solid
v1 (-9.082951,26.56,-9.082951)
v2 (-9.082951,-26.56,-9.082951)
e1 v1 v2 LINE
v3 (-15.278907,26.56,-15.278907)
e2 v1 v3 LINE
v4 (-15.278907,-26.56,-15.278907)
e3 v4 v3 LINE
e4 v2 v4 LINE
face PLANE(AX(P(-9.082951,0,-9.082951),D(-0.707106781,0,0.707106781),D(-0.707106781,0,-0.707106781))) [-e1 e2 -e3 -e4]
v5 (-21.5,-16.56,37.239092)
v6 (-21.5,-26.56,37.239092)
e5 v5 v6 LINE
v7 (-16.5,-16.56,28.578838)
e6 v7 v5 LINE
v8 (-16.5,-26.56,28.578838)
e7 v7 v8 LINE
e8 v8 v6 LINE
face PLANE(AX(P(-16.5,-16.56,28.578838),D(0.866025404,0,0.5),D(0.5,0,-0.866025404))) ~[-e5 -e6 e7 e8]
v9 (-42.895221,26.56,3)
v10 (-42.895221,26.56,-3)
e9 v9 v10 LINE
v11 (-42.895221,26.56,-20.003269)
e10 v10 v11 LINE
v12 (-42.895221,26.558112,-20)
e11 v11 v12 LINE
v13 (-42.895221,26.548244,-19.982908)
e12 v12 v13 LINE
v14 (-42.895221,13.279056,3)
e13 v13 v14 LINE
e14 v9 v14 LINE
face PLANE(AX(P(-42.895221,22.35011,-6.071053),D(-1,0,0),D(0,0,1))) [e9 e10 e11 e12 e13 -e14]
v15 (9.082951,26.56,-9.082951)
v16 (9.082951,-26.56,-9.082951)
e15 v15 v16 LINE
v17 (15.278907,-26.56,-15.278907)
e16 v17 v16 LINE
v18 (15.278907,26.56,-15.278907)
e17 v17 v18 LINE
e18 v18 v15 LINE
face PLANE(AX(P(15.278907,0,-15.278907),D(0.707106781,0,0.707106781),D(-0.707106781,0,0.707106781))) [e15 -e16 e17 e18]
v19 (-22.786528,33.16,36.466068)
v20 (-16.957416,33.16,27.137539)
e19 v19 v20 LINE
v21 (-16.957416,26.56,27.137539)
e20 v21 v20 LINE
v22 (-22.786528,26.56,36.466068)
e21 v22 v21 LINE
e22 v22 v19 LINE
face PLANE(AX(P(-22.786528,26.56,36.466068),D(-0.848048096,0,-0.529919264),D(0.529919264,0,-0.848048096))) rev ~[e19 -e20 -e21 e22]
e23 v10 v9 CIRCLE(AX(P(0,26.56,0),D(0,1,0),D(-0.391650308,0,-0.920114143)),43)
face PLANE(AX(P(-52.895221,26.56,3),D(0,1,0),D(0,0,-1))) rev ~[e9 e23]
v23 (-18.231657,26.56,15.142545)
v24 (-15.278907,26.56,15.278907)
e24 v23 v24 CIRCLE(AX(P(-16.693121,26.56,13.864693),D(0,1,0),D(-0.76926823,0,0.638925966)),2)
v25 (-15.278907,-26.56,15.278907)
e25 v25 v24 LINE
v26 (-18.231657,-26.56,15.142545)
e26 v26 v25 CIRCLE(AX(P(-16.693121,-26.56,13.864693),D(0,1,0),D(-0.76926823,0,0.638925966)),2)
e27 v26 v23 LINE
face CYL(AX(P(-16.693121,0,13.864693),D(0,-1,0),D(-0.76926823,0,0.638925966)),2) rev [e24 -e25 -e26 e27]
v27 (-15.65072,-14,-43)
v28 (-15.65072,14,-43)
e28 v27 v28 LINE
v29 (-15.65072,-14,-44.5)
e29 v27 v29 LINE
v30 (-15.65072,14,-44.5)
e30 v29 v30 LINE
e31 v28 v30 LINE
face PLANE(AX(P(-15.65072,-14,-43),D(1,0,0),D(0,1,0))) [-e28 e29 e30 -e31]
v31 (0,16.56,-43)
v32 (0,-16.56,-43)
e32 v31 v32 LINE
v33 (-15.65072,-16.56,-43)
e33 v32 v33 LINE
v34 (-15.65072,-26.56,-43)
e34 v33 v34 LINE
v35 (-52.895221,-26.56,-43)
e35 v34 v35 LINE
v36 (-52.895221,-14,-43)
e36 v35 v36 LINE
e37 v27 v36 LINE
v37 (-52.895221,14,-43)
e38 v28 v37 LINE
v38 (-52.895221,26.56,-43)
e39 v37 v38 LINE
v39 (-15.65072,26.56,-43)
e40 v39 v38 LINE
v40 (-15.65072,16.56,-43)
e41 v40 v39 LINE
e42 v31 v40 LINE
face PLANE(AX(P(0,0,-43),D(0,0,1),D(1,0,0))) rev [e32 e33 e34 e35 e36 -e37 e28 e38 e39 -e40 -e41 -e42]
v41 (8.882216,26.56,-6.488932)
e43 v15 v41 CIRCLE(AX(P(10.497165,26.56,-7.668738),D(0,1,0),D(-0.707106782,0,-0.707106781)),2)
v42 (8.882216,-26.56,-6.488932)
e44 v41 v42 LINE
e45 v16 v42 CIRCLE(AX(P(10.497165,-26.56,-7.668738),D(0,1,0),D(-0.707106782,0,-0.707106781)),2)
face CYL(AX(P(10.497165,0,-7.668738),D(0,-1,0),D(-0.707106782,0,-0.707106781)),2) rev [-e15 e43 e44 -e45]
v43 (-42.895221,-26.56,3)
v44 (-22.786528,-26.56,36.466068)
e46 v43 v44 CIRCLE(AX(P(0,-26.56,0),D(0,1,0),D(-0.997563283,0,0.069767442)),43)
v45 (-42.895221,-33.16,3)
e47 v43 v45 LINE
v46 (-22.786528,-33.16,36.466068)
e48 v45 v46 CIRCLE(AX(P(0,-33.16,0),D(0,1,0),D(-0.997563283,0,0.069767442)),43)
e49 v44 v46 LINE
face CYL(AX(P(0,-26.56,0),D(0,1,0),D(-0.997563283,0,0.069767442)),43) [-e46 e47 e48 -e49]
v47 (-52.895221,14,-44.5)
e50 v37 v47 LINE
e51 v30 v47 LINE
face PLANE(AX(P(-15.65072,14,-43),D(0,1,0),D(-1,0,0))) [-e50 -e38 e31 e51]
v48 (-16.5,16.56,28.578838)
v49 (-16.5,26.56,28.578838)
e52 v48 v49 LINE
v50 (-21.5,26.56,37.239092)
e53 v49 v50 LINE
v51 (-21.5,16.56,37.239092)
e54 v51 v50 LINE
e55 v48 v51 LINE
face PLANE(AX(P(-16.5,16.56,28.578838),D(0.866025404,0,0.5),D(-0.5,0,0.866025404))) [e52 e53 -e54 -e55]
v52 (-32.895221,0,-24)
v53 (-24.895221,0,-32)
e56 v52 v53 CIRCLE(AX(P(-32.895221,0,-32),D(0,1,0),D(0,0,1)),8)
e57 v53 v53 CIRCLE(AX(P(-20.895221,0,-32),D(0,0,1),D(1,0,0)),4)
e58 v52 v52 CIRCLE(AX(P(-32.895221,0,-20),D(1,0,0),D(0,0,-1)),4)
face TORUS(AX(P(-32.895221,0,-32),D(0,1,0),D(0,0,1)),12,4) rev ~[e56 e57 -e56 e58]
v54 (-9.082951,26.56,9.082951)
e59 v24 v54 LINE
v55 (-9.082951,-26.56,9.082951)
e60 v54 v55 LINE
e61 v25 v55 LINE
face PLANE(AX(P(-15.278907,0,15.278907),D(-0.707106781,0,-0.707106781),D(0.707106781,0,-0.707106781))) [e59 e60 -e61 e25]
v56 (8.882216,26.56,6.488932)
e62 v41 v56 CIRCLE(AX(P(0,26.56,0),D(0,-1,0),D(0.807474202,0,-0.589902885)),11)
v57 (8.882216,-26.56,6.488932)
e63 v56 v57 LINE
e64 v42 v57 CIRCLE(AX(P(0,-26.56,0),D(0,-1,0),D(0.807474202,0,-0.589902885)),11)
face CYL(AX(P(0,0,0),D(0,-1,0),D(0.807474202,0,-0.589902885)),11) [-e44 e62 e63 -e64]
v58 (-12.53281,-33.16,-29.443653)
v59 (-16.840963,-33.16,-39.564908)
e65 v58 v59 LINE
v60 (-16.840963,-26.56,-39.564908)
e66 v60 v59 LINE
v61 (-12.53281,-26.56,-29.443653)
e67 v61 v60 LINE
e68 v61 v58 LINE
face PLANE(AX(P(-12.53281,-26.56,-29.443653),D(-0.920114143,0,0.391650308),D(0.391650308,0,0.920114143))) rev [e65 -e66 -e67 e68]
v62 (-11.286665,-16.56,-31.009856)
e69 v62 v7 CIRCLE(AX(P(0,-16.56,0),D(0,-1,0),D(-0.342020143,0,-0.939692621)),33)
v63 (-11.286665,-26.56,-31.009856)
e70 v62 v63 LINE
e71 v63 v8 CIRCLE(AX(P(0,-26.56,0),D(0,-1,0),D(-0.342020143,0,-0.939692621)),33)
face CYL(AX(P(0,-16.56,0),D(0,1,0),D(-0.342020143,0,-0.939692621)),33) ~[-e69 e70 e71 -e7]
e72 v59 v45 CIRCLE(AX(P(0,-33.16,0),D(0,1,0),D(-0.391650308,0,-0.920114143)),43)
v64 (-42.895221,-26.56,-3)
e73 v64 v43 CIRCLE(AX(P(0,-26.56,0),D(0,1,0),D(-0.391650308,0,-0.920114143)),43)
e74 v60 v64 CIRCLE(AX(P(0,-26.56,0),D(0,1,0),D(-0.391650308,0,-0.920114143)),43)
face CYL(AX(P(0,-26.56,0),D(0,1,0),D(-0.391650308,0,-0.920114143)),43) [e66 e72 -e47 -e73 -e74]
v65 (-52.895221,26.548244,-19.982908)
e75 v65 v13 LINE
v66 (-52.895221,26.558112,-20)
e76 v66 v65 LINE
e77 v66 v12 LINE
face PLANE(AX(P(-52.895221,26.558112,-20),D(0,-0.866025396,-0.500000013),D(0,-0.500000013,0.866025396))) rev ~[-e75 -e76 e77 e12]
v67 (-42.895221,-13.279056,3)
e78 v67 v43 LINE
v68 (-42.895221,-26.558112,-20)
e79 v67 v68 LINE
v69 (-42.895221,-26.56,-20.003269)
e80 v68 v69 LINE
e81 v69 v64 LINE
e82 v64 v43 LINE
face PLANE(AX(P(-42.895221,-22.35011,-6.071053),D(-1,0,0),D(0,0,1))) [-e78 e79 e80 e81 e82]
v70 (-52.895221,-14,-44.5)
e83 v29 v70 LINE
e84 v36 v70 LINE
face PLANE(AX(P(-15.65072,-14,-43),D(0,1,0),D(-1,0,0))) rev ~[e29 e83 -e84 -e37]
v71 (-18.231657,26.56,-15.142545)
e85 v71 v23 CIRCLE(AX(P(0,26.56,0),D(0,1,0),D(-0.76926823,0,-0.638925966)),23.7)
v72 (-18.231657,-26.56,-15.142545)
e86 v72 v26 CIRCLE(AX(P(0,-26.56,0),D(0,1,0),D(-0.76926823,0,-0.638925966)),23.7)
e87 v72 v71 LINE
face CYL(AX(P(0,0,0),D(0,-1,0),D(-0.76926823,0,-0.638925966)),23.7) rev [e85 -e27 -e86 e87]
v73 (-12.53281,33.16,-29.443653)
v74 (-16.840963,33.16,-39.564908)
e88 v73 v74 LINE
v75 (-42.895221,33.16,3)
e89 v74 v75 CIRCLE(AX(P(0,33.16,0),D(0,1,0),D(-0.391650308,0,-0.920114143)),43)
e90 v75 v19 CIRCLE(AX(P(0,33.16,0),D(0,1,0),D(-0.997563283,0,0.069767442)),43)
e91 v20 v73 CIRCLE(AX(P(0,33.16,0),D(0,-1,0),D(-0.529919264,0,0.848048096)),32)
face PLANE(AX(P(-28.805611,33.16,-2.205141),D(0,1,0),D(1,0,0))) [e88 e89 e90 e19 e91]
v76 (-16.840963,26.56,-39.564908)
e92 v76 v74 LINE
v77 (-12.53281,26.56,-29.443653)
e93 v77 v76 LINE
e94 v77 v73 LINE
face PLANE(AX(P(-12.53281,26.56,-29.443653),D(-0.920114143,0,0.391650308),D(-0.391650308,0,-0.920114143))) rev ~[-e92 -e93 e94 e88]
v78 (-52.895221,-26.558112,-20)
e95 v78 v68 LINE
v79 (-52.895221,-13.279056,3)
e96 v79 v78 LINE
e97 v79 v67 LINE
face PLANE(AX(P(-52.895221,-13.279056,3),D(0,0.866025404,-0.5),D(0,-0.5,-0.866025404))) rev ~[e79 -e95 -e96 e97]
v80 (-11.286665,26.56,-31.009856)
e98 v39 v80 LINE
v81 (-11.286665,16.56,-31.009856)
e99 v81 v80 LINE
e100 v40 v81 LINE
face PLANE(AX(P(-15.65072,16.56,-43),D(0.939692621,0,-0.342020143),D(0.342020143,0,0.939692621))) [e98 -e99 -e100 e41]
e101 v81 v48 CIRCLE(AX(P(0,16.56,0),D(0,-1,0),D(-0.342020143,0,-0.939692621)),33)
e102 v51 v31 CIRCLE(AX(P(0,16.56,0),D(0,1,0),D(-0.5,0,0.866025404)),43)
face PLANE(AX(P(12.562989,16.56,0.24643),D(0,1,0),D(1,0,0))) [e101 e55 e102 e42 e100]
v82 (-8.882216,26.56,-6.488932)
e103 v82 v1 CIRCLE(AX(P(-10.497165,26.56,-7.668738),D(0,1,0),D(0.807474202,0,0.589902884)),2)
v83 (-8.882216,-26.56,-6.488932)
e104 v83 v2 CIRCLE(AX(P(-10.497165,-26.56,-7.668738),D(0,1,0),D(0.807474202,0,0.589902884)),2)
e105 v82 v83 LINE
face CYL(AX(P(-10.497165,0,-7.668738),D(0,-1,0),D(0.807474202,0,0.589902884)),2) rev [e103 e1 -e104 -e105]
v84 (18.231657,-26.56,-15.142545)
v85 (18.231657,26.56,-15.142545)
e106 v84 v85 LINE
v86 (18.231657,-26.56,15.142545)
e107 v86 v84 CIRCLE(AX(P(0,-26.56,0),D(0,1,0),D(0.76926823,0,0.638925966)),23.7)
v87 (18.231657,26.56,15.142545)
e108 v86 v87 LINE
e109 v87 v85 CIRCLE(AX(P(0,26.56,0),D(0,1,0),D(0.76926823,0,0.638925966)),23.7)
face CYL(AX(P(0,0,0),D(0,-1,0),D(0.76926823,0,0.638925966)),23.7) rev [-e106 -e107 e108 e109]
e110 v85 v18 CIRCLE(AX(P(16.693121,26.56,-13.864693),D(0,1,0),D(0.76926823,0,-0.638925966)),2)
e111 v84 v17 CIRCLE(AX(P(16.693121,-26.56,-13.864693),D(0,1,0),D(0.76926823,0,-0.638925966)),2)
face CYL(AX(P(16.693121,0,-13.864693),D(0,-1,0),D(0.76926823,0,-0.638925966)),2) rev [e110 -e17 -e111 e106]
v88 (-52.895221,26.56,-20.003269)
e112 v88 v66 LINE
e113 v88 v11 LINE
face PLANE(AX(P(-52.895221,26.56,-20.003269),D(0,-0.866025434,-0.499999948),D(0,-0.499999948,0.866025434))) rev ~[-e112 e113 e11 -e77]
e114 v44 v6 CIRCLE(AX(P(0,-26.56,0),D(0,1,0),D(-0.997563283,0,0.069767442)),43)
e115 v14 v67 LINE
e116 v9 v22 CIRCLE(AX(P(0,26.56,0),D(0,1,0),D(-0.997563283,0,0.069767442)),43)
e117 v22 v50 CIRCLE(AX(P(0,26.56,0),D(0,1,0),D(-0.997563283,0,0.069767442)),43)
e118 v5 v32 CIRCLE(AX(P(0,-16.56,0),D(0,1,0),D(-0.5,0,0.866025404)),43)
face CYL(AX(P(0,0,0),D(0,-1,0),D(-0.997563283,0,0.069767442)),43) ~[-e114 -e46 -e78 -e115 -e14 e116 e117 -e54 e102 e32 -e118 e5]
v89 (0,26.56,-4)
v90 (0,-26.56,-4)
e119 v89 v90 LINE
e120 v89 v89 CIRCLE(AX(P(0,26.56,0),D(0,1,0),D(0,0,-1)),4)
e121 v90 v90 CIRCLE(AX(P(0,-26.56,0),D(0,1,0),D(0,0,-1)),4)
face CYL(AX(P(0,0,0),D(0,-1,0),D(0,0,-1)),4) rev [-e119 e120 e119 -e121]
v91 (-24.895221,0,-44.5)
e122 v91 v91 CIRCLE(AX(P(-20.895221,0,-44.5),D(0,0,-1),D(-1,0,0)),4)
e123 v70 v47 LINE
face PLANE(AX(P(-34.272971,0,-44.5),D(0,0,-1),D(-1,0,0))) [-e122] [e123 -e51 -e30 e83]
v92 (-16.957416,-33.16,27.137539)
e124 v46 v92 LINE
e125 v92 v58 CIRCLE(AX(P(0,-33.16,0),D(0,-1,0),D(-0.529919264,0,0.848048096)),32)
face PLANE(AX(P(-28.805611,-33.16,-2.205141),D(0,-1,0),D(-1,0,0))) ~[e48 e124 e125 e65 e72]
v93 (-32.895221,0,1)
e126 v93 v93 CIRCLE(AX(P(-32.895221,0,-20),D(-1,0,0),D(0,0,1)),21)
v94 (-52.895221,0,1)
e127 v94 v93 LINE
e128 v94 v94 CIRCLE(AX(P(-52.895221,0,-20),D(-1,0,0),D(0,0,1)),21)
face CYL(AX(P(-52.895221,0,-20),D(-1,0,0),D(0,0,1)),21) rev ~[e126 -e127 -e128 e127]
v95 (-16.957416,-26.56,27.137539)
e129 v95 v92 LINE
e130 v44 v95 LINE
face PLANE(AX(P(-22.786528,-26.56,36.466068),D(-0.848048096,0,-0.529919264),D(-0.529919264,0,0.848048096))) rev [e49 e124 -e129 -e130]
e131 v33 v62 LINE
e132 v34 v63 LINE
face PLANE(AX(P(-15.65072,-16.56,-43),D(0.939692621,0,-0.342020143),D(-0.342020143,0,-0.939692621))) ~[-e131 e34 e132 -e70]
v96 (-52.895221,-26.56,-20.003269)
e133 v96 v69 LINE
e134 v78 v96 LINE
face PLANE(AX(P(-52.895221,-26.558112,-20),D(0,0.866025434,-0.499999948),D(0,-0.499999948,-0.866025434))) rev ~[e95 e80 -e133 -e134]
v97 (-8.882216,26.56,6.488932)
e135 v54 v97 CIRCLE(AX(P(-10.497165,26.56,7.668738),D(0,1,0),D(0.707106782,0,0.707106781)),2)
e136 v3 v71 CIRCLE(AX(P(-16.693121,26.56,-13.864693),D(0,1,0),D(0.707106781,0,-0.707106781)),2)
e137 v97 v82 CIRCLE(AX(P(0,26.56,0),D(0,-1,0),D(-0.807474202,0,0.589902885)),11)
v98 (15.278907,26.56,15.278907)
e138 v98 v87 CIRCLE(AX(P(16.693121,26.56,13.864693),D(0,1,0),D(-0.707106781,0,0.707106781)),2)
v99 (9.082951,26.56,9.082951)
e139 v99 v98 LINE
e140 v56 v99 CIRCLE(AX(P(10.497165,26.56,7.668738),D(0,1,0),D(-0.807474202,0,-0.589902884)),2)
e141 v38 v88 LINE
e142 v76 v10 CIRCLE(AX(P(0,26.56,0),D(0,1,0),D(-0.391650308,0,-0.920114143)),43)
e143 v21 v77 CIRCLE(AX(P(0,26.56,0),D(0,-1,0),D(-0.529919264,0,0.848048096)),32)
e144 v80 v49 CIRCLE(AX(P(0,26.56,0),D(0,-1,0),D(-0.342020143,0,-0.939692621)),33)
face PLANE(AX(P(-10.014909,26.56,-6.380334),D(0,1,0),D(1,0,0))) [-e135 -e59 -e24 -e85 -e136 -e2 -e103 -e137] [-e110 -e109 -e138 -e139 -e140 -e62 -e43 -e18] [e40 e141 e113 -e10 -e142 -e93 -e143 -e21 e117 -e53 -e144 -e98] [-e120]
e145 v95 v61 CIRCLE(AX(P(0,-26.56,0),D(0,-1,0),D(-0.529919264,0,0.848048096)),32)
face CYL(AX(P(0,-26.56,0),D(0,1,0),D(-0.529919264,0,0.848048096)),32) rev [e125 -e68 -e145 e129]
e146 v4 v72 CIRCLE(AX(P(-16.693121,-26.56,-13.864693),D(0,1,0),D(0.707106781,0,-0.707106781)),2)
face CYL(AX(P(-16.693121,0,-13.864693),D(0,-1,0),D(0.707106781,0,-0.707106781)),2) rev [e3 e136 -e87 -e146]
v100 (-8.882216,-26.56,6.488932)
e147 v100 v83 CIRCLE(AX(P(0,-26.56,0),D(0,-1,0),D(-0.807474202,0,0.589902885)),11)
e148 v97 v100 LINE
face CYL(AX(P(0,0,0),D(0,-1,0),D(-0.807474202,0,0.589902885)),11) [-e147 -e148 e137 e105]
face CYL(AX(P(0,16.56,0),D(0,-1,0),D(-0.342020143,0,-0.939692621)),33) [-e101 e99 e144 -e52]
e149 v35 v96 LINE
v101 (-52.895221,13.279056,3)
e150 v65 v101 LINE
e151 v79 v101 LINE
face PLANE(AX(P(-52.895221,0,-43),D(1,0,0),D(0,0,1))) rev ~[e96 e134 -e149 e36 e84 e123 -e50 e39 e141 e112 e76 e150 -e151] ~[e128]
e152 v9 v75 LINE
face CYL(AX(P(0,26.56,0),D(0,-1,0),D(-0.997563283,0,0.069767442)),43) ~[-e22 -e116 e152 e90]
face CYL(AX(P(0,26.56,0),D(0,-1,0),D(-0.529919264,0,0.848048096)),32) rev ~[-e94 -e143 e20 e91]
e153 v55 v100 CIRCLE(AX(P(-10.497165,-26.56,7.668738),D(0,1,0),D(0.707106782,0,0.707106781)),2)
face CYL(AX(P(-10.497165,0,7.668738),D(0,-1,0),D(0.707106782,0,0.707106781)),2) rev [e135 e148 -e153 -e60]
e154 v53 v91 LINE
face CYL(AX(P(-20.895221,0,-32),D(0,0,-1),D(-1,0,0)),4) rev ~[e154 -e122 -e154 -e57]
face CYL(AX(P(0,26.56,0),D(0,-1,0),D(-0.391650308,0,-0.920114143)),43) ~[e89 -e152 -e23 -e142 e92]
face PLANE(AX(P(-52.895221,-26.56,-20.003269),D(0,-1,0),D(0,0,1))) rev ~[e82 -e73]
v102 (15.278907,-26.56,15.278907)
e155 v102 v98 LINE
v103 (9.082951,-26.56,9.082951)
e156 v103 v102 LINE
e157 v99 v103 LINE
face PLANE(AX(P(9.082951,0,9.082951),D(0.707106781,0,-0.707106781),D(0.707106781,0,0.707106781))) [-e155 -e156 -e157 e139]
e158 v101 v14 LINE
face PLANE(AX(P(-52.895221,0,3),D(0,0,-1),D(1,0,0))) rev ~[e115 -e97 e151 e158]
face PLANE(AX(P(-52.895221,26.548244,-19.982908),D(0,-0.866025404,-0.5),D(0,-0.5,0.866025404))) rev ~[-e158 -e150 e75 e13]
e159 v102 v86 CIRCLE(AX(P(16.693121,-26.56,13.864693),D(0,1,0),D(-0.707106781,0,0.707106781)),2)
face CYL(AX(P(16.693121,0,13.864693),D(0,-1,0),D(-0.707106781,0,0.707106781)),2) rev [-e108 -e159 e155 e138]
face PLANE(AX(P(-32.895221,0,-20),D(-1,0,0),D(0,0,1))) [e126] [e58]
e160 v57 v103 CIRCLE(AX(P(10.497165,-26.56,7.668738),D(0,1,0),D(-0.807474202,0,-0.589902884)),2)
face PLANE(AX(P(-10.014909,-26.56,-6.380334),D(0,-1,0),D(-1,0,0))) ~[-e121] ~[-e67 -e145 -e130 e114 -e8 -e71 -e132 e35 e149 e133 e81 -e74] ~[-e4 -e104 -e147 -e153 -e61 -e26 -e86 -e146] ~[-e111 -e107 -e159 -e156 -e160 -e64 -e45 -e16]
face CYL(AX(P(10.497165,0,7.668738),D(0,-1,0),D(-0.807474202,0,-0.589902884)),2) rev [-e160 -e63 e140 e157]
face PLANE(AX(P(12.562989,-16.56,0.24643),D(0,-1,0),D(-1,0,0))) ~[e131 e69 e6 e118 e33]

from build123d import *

# Parameters (mm, degrees)
SKETCH1_R           = 4
BOSS_EXTRUDE1_DEPTH = 26.56
CUT_EXTRUDE1_START  = -10
CUT_EXTRUDE1_DEPTH  = 10
BOSS_EXTRUDE2_DEPTH = 6.6
CUT_EXTRUDE2_DEPTH  = 10
SKETCH4_R           = 21
CUT_EXTRUDE3_DEPTH  = 20
SKETCH5_W           = 37.244501106
SKETCH5_H           = 28
BOSS_EXTRUDE3_DEPTH = 1.5
SKETCH7_R           = 4


with BuildPart() as part:
    # Sketch1 → Boss-Extrude1 (new body)
    with BuildSketch(Plane(origin=(0, 0, 0), x_dir=(1, 0, 0), z_dir=(0, 1, 0))):
        with BuildLine():
            Line((0, 43), (-52.895221179, 43))
            Line((-52.895221179, 43), (-52.895221179, -3))
            Line((-52.895221179, -3), (-42.895221179, -3))
            ThreePointArc((-42.895221179, -3), (31.448370387, -29.325756597), (0, 43))
        make_face()
        with Locations(Location((0, 0, 0), (0, 0, 90))):
            Circle(SKETCH1_R, mode=Mode.SUBTRACT)
        with BuildLine():
            Line((-15.278907029, -15.278907029), (-9.082951062, -9.082951062))
            ThreePointArc((-9.082951062, -9.082951062), (-8.503126103, -7.8230436), (-8.882216221, -6.488931731))
            ThreePointArc((-8.882216221, -6.488931731), (-11, 0), (-8.882216221, 6.488931731))
            ThreePointArc((-8.882216221, 6.488931731), (-8.503126103, 7.8230436), (-9.082951062, 9.082951062))
            Line((-9.082951062, 9.082951062), (-15.278907029, 15.278907029))
            ThreePointArc((-15.278907029, 15.278907029), (-16.785384719, 15.862564166), (-18.231657051, 15.142545399))
            ThreePointArc((-18.231657051, 15.142545399), (-23.7, 0), (-18.231657051, -15.142545399))
            ThreePointArc((-18.231657051, -15.142545399), (-16.785384719, -15.862564166), (-15.278907029, -15.278907029))
        make_face(mode=Mode.SUBTRACT)
        with BuildLine():
            Line((15.278907029, 15.278907029), (9.082951062, 9.082951062))
            ThreePointArc((9.082951062, 9.082951062), (8.503126103, 7.8230436), (8.882216221, 6.488931731))
            ThreePointArc((8.882216221, 6.488931731), (11, 0), (8.882216221, -6.488931731))
            ThreePointArc((8.882216221, -6.488931731), (8.503126103, -7.8230436), (9.082951062, -9.082951062))
            Line((9.082951062, -9.082951062), (15.278907029, -15.278907029))
            ThreePointArc((15.278907029, -15.278907029), (16.785384719, -15.862564166), (18.231657051, -15.142545399))
            ThreePointArc((18.231657051, -15.142545399), (23.7, 0), (18.231657051, 15.142545399))
            ThreePointArc((18.231657051, 15.142545399), (16.785384719, 15.862564166), (15.278907029, 15.278907029))
        make_face(mode=Mode.SUBTRACT)
    boss_extrude1 = extrude(amount=BOSS_EXTRUDE1_DEPTH)

    # Sketch2 → Cut-Extrude1 (cut)
    with BuildSketch(Plane(origin=(0, 26.56, 0), x_dir=(1, 0, 0), z_dir=(0, 1, 0)).offset(CUT_EXTRUDE1_START)):
        with BuildLine():
            Line((-16.5, -28.578838325), (-21.5, -37.239092363))
            ThreePointArc((-21.5, -37.239092363), (41.53481053, -11.129218939), (0, 43))
            Line((0, 43), (-15.650720073, 43))
            Line((-15.650720073, 43), (-11.28666473, 31.009856486))
            ThreePointArc((-11.28666473, 31.009856486), (32.874425037, -2.876139511), (-16.5, -28.578838325))
        make_face()
    cut_extrude1 = extrude(amount=CUT_EXTRUDE1_DEPTH, mode=Mode.SUBTRACT)

    # Sketch2<3> → Boss-Extrude2 (add)
    with BuildSketch(Plane(origin=(0, 26.56, 0), x_dir=(1, 0, 0), z_dir=(0, 1, 0))):
        with BuildLine():
            ThreePointArc((-42.895221179, -3), (-36.85807218, -22.146839847), (-22.786528362, -36.466068135))
            Line((-22.786528362, -36.466068135), (-16.957416455, -27.137539077))
            ThreePointArc((-16.957416455, -27.137539077), (-31.902604506, 2.494759659), (-12.532809858, 29.443652577))
            Line((-12.532809858, 29.443652577), (-16.840963246, 39.56490815))
            ThreePointArc((-16.840963246, 39.56490815), (-36.674865833, 22.448924609), (-42.895221179, -3))
        make_face()
    boss_extrude2 = extrude(amount=BOSS_EXTRUDE2_DEPTH)

    # Mirror1: Boss-Extrude1, Cut-Extrude1, Boss-Extrude2 across plane
    add(boss_extrude1.mirror(Plane.ZX))
    add(cut_extrude1.mirror(Plane.ZX), mode=Mode.SUBTRACT)
    add(boss_extrude2.mirror(Plane.ZX))

    # Sketch3 → Cut-Extrude2 (cut)
    with BuildSketch(Plane.ZY.offset(52.895221179)):
        Polygon((-19.982907976, 26.548244298), (3, 13.279056191), (3, 26.56), (-20.003269449, 26.56), (-20, 26.558112383), align=None)
        Polygon((3, -26.56), (3, -13.279056191), (-20, -26.558112383), (-20.003269449, -26.56), align=None)
    extrude(amount=-CUT_EXTRUDE2_DEPTH, mode=Mode.SUBTRACT)

    # Sketch4 → Cut-Extrude3 (cut)
    with BuildSketch(Plane.ZY.offset(52.895221179)):
        with Locations((-20, 0)):
            Circle(SKETCH4_R)
    extrude(amount=-CUT_EXTRUDE3_DEPTH, mode=Mode.SUBTRACT)

    # Sketch5 → Boss-Extrude3 (add)
    with BuildSketch(Plane(origin=(0, 0, -43), x_dir=(-1, 0, 0), z_dir=(0, 0, -1))):
        with Locations((34.272970626, 0)):
            Rectangle(SKETCH5_W, SKETCH5_H)
    extrude(amount=BOSS_EXTRUDE3_DEPTH)

    # Cut-Sweep3: sweep along a path in Sketch6
    with BuildLine(Plane(origin=(0, 0, 0), x_dir=(1, 0, 0), z_dir=(0, 1, 0))) as cut_sweep3_path:
        Line((-52.895221179, 20), (-32.895221179, 20))
        ThreePointArc((-32.895221179, 20), (-24.409939805, 23.514718626), (-20.895221179, 32))
        Line((-20.895221179, 32), (-20.895221179, 44.5))
    # Sketch7 → Cut-Sweep3 (sweep, cut)
    with BuildSketch(Plane(origin=(0, 0, -44.5), x_dir=(-1, 0, 0), z_dir=(0, 0, -1))):
        with Locations((20.895221179, 0)):
            Circle(SKETCH7_R)
    sweep(path=cut_sweep3_path.line, mode=Mode.SUBTRACT)


solid = part.part
